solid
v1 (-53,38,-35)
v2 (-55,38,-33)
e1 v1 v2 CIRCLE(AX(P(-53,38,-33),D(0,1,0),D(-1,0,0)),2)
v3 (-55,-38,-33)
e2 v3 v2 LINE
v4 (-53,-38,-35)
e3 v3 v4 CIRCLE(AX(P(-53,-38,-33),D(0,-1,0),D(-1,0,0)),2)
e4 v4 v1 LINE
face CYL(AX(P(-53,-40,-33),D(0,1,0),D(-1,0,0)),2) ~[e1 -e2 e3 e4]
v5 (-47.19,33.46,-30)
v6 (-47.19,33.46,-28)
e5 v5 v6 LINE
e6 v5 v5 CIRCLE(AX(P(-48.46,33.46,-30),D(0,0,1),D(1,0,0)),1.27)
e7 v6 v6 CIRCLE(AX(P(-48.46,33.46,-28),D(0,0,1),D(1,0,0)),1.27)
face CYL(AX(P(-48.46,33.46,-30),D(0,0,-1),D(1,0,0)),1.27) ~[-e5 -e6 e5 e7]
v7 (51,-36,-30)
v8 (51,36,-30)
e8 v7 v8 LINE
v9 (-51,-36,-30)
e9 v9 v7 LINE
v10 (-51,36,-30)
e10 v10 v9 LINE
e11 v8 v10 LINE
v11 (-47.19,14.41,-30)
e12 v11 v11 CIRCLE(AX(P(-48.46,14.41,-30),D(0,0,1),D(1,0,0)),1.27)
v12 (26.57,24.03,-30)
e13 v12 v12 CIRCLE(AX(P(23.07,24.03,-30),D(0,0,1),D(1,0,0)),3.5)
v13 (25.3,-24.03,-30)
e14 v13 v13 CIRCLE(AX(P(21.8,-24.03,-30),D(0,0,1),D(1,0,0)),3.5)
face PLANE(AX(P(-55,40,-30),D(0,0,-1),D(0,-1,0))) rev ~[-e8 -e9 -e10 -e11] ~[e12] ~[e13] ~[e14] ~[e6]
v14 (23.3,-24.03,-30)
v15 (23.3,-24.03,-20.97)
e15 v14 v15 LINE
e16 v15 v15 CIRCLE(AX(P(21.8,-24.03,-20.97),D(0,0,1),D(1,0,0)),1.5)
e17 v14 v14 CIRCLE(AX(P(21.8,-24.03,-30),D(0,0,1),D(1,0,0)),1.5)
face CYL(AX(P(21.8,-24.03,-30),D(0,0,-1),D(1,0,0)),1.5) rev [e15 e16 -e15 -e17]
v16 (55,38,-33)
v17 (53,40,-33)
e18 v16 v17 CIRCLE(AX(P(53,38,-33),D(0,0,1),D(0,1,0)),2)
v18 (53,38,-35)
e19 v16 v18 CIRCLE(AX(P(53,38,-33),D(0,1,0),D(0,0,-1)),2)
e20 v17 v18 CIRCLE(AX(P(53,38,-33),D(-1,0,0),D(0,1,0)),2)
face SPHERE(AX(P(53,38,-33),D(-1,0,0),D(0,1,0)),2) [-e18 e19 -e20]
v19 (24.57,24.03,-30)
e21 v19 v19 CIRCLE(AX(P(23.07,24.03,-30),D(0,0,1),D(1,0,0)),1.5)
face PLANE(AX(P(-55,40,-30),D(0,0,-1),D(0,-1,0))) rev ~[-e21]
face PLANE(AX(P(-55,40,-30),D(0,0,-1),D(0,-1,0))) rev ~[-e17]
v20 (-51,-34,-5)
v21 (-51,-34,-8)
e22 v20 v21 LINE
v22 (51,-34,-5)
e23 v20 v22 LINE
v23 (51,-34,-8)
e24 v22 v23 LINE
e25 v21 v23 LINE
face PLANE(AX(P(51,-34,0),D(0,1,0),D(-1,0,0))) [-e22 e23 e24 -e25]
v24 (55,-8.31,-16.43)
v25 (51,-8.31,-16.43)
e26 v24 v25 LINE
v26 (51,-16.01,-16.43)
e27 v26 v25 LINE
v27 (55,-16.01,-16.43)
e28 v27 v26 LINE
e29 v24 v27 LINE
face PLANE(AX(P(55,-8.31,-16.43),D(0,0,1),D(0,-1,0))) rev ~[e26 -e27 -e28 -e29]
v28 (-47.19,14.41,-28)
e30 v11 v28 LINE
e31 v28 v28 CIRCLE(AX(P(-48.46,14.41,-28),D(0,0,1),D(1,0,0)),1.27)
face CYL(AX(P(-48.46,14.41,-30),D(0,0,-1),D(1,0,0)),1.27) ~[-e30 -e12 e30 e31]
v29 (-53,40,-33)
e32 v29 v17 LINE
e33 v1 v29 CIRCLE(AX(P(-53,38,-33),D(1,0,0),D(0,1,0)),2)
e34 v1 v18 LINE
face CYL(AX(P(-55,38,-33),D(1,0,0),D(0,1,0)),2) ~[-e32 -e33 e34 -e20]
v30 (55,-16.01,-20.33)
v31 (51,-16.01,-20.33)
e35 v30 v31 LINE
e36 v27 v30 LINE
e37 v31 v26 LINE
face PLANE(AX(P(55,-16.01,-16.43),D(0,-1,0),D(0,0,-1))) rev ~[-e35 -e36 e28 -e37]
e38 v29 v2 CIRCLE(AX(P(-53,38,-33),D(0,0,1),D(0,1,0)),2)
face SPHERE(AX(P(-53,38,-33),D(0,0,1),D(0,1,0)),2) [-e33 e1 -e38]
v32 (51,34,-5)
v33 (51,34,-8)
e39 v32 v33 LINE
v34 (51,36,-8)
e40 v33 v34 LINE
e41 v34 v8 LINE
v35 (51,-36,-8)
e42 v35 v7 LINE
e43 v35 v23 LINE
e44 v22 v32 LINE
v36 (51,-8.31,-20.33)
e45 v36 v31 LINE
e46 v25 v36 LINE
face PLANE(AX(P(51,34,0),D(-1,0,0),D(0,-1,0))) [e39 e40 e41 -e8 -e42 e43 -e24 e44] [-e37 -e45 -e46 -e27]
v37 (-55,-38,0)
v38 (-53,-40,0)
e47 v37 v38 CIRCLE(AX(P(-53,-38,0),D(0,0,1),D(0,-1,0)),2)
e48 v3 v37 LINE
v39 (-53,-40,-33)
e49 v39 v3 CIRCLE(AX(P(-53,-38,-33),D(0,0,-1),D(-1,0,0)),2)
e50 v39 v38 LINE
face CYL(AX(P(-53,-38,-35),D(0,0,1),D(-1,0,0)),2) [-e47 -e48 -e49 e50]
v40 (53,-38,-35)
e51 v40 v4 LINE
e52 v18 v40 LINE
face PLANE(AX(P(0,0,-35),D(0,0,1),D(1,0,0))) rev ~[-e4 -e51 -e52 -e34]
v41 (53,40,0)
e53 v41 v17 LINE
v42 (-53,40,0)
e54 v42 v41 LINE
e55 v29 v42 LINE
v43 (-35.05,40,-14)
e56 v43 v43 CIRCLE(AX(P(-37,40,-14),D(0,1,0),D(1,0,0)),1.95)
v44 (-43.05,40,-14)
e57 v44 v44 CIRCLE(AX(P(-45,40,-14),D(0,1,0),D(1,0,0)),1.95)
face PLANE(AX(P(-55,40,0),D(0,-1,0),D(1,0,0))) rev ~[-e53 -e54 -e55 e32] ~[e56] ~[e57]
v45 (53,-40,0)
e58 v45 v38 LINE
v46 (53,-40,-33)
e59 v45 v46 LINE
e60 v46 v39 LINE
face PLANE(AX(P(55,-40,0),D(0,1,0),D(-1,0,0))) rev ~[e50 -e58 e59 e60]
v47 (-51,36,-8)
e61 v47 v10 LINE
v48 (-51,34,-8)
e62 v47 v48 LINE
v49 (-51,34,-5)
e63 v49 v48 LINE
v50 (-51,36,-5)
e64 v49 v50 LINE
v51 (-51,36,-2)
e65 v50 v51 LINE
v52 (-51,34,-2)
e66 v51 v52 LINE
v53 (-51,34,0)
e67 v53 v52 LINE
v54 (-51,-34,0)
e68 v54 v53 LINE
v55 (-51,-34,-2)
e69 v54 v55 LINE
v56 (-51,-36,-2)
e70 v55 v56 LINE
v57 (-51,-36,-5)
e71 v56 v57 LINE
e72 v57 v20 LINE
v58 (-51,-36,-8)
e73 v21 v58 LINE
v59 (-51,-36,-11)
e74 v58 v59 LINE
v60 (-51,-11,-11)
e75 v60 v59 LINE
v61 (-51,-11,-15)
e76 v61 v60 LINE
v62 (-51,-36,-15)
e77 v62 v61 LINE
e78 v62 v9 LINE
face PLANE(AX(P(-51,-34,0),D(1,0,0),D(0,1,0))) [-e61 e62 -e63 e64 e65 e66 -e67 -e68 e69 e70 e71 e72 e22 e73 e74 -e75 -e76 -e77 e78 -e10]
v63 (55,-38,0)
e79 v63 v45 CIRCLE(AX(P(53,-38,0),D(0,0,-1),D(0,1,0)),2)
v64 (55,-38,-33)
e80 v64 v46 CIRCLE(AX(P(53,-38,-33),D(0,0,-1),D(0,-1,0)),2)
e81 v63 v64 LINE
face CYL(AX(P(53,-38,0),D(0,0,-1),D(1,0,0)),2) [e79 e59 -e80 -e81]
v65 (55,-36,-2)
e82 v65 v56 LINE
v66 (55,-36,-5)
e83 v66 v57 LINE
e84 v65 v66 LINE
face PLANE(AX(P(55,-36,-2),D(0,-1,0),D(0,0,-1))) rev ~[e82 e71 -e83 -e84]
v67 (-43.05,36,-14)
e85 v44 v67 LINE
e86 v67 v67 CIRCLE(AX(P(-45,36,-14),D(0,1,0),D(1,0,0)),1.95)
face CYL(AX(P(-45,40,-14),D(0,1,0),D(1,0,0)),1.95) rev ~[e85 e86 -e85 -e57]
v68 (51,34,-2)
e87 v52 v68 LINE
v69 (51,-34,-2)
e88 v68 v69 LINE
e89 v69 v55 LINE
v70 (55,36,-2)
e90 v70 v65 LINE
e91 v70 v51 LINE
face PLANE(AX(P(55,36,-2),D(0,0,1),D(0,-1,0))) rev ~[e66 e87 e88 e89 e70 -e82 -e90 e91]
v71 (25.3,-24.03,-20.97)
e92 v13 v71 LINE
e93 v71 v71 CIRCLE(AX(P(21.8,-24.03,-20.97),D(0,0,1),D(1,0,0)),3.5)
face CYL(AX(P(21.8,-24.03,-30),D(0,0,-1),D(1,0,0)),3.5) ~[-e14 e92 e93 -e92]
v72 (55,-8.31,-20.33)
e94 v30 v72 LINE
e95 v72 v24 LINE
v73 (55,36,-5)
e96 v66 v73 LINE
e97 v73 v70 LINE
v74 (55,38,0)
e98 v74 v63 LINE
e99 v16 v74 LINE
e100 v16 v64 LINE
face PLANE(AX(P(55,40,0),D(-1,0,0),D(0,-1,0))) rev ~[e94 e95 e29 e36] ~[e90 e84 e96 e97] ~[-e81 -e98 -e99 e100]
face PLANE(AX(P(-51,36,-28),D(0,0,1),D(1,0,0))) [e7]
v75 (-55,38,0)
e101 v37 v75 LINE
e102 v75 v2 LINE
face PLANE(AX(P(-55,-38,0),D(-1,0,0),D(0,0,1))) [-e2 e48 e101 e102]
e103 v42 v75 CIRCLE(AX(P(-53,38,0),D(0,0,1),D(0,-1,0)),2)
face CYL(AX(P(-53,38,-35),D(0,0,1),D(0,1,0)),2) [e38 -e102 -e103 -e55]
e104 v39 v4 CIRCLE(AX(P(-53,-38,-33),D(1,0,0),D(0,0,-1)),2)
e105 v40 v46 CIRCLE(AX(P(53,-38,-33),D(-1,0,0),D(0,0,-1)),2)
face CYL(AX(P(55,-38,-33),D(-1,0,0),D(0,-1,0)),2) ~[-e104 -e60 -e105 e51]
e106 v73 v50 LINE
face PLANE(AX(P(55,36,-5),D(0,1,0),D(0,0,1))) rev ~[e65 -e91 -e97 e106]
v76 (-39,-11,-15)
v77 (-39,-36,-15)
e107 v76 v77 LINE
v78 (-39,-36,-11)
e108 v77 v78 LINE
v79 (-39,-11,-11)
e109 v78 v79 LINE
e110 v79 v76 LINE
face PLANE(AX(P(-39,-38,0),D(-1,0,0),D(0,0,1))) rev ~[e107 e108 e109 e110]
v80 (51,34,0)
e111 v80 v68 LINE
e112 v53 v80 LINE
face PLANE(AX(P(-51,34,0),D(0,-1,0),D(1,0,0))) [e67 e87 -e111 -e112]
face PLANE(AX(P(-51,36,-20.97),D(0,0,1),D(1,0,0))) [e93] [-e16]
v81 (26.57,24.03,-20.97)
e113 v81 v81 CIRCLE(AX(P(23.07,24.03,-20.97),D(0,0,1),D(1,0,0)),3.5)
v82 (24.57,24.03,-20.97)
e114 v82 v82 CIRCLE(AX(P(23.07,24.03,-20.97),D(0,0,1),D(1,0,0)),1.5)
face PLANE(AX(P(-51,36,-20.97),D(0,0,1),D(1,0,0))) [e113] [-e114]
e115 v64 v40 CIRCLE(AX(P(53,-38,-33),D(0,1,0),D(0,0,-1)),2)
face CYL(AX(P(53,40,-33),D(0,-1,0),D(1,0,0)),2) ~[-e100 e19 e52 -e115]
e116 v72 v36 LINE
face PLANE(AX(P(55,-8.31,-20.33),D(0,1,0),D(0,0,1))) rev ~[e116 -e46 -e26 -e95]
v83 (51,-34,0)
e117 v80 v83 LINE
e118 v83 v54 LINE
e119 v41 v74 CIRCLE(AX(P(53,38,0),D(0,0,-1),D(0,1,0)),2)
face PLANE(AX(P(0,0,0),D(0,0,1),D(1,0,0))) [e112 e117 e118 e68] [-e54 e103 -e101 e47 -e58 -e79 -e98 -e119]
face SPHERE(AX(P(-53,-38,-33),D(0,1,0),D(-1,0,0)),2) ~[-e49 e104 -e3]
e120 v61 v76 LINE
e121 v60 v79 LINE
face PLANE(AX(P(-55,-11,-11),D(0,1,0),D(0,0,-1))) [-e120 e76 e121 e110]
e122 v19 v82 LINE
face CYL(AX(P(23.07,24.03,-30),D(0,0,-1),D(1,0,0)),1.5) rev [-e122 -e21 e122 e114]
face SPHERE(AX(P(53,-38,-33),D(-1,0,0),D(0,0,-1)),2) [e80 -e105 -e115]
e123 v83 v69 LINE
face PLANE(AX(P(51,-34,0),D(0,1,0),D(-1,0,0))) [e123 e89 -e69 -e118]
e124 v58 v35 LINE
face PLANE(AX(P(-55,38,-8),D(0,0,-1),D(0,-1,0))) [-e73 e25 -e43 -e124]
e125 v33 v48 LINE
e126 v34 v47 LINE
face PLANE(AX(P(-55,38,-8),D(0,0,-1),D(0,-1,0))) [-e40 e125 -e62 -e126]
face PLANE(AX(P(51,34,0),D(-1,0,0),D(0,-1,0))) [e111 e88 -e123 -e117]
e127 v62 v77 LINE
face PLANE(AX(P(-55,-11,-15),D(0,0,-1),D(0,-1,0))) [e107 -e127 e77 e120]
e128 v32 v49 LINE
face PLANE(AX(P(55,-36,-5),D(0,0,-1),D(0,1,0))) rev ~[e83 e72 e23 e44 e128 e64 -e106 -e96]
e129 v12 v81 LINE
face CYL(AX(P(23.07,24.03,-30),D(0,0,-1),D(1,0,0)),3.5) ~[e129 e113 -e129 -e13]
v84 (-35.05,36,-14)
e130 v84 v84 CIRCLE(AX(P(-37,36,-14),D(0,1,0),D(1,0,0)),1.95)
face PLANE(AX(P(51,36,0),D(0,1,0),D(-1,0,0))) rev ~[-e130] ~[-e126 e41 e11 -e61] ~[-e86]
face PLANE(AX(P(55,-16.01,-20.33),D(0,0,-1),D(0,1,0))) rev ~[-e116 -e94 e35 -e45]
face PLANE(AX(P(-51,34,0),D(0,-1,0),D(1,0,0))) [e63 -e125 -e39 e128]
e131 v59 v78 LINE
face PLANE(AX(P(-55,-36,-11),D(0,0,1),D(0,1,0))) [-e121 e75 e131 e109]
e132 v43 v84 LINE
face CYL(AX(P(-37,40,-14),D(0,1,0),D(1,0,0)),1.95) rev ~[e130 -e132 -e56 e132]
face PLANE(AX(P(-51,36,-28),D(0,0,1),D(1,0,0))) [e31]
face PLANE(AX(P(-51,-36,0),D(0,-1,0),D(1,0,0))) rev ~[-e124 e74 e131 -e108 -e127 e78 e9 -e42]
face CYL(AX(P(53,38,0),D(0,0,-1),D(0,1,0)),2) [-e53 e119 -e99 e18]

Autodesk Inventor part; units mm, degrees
ref_plane "YZ Plane" through (0, 0, 0) normal (1, 0, 0) x (0, 1, 0)
ref_plane "XZ Plane" through (0, 0, 0) normal (0, 1, 0) x (-1, 0, 0)
ref_plane "XY Plane" through (0, 0, 0) normal (0, 0, 1) x (1, 0, 0)
sketch "Sketch1" plane through (0, 0, 0) normal (0, 0, 1) x (1, 0, 0)
  point P0 (0, 0)
sketch "Sketch2" plane through (0, 0, 0) normal (0, 0, 1) x (1, 0, 0)
  point P0 (0, 0)
sketch "Sketch3" plane through (0, 0, 0) normal (0, 0, 1) x (1, 0, 0)
  line L0 (-51, -36) -> (51, -36)
  line L1 (51, -36) -> (51, 36)
  line L2 (51, 36) -> (-51, 36)
  line L3 (-51, 36) -> (-51, -36)
  line L4 (-51, -36) -> (51, 36) construction
  line L5 (51, -36) -> (-51, 36) construction
  line L6 (-55, 40) -> (55, 40)
  line L7 (55, 40) -> (55, -40)
  line L8 (55, -40) -> (-55, -40)
  line L9 (-55, -40) -> (-55, 40)
  line L10 (-55, 40) -> (55, -40) construction
  line L11 (55, 40) -> (-55, -40) construction
  point P0 (0, 0)
  dimension "d0" = 102
  dimension "d1" = 72
  dimension "d2" = 110
  dimension "d3" = 80
extrude "Extrusion1" add sketch "Sketch3" against normal blind 35
sketch "Sketch4" plane through (51, -36, 0) normal (-1, 0, 0) x (0, 0, 1)
  point P0 (0, 36)
sketch "Sketch5" plane through (-55, -40, 0) normal (-1, 0, 0) x (0, 0, 1)
  line L0 (0, 80) -> (-35, 80) projected
  line L1 (0, 0) -> (-35, 0) projected
  line L2 (-35, 80) -> (-30, 80)
  line L3 (-30, 80) -> (-30, 0)
  line L4 (-30, 0) -> (-35, 0)
  line L5 (-35, 0) -> (-35, 80)
  point P0 (0, 40)
  point P1 (-30, 80)
  dimension "d6" = 5
extrude "Extrusion2" add sketch "Sketch5" against normal blind 110
fillet "Fillet1" radius 2 8 edges at (-55, 40, -17.5) (0, 40, -35) (55, 40, -17.5) (-55, 0, -35) (-55, -40, -17.5) (0, -40, -35) (55, 0, -35) (55, -40, -17.5)
sketch "Sketch6" plane through (55, -38, 0) normal (1, 0, 0) x (0, 0, -1)
  line L0 (3, 2) -> (7, 2)
  line L1 (7, 2) -> (7, 74)
  line L2 (7, 74) -> (3, 74)
  line L3 (3, 74) -> (3, 2)
  line L4 (3, 2) -> (7, 74) construction
  line L5 (7, 2) -> (3, 74) construction
  line L6 (0, 0) -> (0, 76) projected
  line L7 (33, 0) -> (0, 0) projected
  point P0 (0, 38)
  point P1 (5, 38)
  point P2 (5, 74)
  dimension "d26" = 3
  dimension "d27" = 2
  dimension "d28" = 72
  dimension "d29" = 4
extrude "Extrusion3" cut sketch "Sketch6" against normal blind 10
sketch "Sketch7" plane through (-51, 36, 0) normal (0, -1, 0) x (1, 0, 0)
  point P0 (51, 0)
sketch "Sketch11" plane through (-51, 36, -30) normal (0, 0, 1) x (1, 0, 0)
  circle A0 centre (2.54, -2.54) radius 1.27
  line L0 (0, 0) -> (102, 0) projected
  line L1 (0, -72) -> (0, 0) projected
  circle A1 centre (2.54, -21.59) radius 1.27
  point P0 (51, -36)
  dimension "d44" = 2.54
  dimension "d45" = 2.54
  dimension "d46" = 2.54
  dimension "d47" = 2.54
  dimension "d48" = 2.54
  dimension "d49" = 19.05
extrude "Extrusion6" add sketch "Sketch11" along normal blind 2
sketch "Sketch12" plane through (-55, -38, 0) normal (-1, 0, 0) x (0, 0, 1)
  point P0 (0, 38)
sketch "Sketch13" plane through (-55, -38, 0) normal (-1, 0, 0) x (0, 0, 1)
  line L0 (0, 76) -> (0, 0) projected
  line L1 (0, 76) -> (-8, 76)
  line L2 (-8, 76) -> (-8, 0)
  line L3 (-8, 0) -> (0, 0)
  line L4 (0, 0) -> (0, 76)
  point P0 (0, 38)
  point P1 (-4, 0)
  point P2 (-4, 76)
  dimension "d52" = 8
  dimension "d53" = 76
extrude "Extrusion7" add sketch "Sketch13" against normal blind 110
sketch "Sketch14" plane through (55, -38, 0) normal (1, 0, 0) x (0, 0, -1)
  line L0 (2, 2) -> (5, 2)
  line L1 (5, 2) -> (5, 74)
  line L2 (5, 74) -> (2, 74)
  line L3 (2, 74) -> (2, 2)
  line L4 (0, 0) -> (0, 76) projected
  line L5 (33, 0) -> (0, 0) projected
  point P0 (0, 38)
  point P1 (3.5, 2)
  dimension "d56" = 3
  dimension "d57" = 2
  dimension "d58" = 72
  dimension "d59" = 2
extrude "Extrusion8" cut sketch "Sketch14" against normal blind 106
sketch "Sketch15" plane through (0, 0, 0) normal (0, 0, 1) x (1, 0, 0)
  line L0 (-51, 34) -> (51, 34)
  line L1 (51, 34) -> (51, -34)
  line L2 (51, -34) -> (-51, -34)
  line L3 (-51, -34) -> (-51, 34)
  line L4 (-51, 34) -> (51, -34) construction
  line L5 (51, 34) -> (-51, -34) construction
  point P0 (0, 0)
  dimension "d62" = 102
  dimension "d63" = 68
extrude "Extrusion9" cut sketch "Sketch15" against normal blind 10
sketch "Sketch16" plane through (-51, -36, -30) normal (1, 0, 0) x (0, 0, -1)
  point P0 (-30, 36)
sketch "Sketch17" plane through (-55, -38, 0) normal (-1, 0, 0) x (0, 0, 1)
  line L0 (-11, 27) -> (-15, 27)
  line L1 (-15, 27) -> (-15, 2)
  line L2 (-15, 2) -> (-11, 2)
  line L3 (-11, 2) -> (-11, 27)
  line L4 (0, 76) -> (0, 0) projected
  line L5 (0, 0) -> (-33, 0) projected
  point P0 (0, 38)
  point P1 (-13, 2)
  point P2 (-13, 27)
  dimension "d96" = 11
  dimension "d97" = 2
  dimension "d98" = 4
  dimension "d99" = 25
extrude "Extrusion10" add sketch "Sketch17" against normal blind 16
sketch "Sketch18" plane through (-51, -36, -11) normal (0, 0, 1) x (1, 0, 0)
  point P0 (51, 36)
sketch "Sketch19" plane through (-51, 36, -30) normal (0, 0, 1) x (1, 0, 0)
  circle A0 centre (74.07, -11.97) radius 1.5
  line L0 (102, 0) -> (102, -72) projected
  line L1 (0, 0) -> (102, 0) projected
  circle A1 centre (72.8, -60.03) radius 1.5
  line L2 (102, -72) -> (0, -72) projected
  circle A2 centre (74.07, -11.97) radius 3.5
  circle A3 centre (72.8, -60.03) radius 3.5
  point P0 (51, -36)
  dimension "d102" = 3
  dimension "d103" = 27.93
  dimension "d104" = 11.97
  dimension "d105" = 3
  dimension "d106" = 29.2
  dimension "d107" = 11.97
  dimension "d108" = 7
  dimension "d109" = 7
extrude "Extrusion11" add sketch "Sketch19" along normal blind 9.03
sketch "Sketch20" plane through (-53, 40, 0) normal (0, 1, 0) x (1, 0, 0)
  point P0 (53, 0)
sketch "Sketch21" plane through (-53, 40, 0) normal (0, 1, 0) x (1, 0, 0)
  circle A0 centre (16, 14) radius 1.95
  line L0 (106, 0) -> (0, 0) projected
  line L1 (106, 33) -> (106, 0) projected
  circle A1 centre (8, 14) radius 1.95
  point P0 (53, 0)
  dimension "d116" = 3.9
  dimension "d117" = 14
  dimension "d118" = 90
  dimension "d119" = 3.9
  dimension "d120" = 8
  dimension "d121" = 14
extrude "Extrusion12" cut sketch "Sketch21" against normal blind 10
sketch "Sketch22" plane through (55, -38, 0) normal (1, 0, 0) x (0, 0, -1)
  line L0 (16.43, 21.99) -> (20.33, 21.99)
  line L1 (20.33, 21.99) -> (20.33, 29.69)
  line L2 (20.33, 29.69) -> (16.43, 29.69)
  line L3 (16.43, 29.69) -> (16.43, 21.99)
  line L4 (33, 0) -> (0, 0) projected
  line L5 (5, 74) -> (5, 2) projected
  point P0 (0, 38)
  point P1 (18.38, 21.99)
  point P2 (16.43, 25.84)
  dimension "d140" = 21.99
  dimension "d141" = 3.9
  dimension "d142" = 7.7
  dimension "d143" = 11.43
extrude "Extrusion13" cut sketch "Sketch22" against normal blind 10
sketch "Sketch8" plane through (-53, -40, 0) normal (0, -1, 0) x (1, 0, 0)
  line L0 (2, 0) -> (104, 0)
  line L1 (104, 0) -> (104, -3)
  line L2 (104, -3) -> (2, -3)
  line L3 (2, -3) -> (2, 0)
  line L4 (0, 0) -> (106, 0) projected
  line L5 (0, -33) -> (0, 0) projected
  point P0 (53, 0)
  point P1 (2, -1.5)
  point P2 (104, -1.5)
  dimension "d32" = 0
  dimension "d33" = 3
  dimension "d34" = 2
  dimension "d35" = 102
sketch "Sketch9" plane through (0, 0, 0) normal (0, 0, 1) x (1, 0, 0)
  line L0 (-51, 35) -> (51, 35)
  line L1 (51, 35) -> (51, -35)
  line L2 (51, -35) -> (-51, -35)
  line L3 (-51, -35) -> (-51, 35)
  line L4 (-51, 35) -> (51, -35) construction
  line L5 (51, 35) -> (-51, -35) construction
  point P0 (0, 0)
  dimension "d39" = 102
  dimension "d40" = 70
properties part number "BoxV2"
